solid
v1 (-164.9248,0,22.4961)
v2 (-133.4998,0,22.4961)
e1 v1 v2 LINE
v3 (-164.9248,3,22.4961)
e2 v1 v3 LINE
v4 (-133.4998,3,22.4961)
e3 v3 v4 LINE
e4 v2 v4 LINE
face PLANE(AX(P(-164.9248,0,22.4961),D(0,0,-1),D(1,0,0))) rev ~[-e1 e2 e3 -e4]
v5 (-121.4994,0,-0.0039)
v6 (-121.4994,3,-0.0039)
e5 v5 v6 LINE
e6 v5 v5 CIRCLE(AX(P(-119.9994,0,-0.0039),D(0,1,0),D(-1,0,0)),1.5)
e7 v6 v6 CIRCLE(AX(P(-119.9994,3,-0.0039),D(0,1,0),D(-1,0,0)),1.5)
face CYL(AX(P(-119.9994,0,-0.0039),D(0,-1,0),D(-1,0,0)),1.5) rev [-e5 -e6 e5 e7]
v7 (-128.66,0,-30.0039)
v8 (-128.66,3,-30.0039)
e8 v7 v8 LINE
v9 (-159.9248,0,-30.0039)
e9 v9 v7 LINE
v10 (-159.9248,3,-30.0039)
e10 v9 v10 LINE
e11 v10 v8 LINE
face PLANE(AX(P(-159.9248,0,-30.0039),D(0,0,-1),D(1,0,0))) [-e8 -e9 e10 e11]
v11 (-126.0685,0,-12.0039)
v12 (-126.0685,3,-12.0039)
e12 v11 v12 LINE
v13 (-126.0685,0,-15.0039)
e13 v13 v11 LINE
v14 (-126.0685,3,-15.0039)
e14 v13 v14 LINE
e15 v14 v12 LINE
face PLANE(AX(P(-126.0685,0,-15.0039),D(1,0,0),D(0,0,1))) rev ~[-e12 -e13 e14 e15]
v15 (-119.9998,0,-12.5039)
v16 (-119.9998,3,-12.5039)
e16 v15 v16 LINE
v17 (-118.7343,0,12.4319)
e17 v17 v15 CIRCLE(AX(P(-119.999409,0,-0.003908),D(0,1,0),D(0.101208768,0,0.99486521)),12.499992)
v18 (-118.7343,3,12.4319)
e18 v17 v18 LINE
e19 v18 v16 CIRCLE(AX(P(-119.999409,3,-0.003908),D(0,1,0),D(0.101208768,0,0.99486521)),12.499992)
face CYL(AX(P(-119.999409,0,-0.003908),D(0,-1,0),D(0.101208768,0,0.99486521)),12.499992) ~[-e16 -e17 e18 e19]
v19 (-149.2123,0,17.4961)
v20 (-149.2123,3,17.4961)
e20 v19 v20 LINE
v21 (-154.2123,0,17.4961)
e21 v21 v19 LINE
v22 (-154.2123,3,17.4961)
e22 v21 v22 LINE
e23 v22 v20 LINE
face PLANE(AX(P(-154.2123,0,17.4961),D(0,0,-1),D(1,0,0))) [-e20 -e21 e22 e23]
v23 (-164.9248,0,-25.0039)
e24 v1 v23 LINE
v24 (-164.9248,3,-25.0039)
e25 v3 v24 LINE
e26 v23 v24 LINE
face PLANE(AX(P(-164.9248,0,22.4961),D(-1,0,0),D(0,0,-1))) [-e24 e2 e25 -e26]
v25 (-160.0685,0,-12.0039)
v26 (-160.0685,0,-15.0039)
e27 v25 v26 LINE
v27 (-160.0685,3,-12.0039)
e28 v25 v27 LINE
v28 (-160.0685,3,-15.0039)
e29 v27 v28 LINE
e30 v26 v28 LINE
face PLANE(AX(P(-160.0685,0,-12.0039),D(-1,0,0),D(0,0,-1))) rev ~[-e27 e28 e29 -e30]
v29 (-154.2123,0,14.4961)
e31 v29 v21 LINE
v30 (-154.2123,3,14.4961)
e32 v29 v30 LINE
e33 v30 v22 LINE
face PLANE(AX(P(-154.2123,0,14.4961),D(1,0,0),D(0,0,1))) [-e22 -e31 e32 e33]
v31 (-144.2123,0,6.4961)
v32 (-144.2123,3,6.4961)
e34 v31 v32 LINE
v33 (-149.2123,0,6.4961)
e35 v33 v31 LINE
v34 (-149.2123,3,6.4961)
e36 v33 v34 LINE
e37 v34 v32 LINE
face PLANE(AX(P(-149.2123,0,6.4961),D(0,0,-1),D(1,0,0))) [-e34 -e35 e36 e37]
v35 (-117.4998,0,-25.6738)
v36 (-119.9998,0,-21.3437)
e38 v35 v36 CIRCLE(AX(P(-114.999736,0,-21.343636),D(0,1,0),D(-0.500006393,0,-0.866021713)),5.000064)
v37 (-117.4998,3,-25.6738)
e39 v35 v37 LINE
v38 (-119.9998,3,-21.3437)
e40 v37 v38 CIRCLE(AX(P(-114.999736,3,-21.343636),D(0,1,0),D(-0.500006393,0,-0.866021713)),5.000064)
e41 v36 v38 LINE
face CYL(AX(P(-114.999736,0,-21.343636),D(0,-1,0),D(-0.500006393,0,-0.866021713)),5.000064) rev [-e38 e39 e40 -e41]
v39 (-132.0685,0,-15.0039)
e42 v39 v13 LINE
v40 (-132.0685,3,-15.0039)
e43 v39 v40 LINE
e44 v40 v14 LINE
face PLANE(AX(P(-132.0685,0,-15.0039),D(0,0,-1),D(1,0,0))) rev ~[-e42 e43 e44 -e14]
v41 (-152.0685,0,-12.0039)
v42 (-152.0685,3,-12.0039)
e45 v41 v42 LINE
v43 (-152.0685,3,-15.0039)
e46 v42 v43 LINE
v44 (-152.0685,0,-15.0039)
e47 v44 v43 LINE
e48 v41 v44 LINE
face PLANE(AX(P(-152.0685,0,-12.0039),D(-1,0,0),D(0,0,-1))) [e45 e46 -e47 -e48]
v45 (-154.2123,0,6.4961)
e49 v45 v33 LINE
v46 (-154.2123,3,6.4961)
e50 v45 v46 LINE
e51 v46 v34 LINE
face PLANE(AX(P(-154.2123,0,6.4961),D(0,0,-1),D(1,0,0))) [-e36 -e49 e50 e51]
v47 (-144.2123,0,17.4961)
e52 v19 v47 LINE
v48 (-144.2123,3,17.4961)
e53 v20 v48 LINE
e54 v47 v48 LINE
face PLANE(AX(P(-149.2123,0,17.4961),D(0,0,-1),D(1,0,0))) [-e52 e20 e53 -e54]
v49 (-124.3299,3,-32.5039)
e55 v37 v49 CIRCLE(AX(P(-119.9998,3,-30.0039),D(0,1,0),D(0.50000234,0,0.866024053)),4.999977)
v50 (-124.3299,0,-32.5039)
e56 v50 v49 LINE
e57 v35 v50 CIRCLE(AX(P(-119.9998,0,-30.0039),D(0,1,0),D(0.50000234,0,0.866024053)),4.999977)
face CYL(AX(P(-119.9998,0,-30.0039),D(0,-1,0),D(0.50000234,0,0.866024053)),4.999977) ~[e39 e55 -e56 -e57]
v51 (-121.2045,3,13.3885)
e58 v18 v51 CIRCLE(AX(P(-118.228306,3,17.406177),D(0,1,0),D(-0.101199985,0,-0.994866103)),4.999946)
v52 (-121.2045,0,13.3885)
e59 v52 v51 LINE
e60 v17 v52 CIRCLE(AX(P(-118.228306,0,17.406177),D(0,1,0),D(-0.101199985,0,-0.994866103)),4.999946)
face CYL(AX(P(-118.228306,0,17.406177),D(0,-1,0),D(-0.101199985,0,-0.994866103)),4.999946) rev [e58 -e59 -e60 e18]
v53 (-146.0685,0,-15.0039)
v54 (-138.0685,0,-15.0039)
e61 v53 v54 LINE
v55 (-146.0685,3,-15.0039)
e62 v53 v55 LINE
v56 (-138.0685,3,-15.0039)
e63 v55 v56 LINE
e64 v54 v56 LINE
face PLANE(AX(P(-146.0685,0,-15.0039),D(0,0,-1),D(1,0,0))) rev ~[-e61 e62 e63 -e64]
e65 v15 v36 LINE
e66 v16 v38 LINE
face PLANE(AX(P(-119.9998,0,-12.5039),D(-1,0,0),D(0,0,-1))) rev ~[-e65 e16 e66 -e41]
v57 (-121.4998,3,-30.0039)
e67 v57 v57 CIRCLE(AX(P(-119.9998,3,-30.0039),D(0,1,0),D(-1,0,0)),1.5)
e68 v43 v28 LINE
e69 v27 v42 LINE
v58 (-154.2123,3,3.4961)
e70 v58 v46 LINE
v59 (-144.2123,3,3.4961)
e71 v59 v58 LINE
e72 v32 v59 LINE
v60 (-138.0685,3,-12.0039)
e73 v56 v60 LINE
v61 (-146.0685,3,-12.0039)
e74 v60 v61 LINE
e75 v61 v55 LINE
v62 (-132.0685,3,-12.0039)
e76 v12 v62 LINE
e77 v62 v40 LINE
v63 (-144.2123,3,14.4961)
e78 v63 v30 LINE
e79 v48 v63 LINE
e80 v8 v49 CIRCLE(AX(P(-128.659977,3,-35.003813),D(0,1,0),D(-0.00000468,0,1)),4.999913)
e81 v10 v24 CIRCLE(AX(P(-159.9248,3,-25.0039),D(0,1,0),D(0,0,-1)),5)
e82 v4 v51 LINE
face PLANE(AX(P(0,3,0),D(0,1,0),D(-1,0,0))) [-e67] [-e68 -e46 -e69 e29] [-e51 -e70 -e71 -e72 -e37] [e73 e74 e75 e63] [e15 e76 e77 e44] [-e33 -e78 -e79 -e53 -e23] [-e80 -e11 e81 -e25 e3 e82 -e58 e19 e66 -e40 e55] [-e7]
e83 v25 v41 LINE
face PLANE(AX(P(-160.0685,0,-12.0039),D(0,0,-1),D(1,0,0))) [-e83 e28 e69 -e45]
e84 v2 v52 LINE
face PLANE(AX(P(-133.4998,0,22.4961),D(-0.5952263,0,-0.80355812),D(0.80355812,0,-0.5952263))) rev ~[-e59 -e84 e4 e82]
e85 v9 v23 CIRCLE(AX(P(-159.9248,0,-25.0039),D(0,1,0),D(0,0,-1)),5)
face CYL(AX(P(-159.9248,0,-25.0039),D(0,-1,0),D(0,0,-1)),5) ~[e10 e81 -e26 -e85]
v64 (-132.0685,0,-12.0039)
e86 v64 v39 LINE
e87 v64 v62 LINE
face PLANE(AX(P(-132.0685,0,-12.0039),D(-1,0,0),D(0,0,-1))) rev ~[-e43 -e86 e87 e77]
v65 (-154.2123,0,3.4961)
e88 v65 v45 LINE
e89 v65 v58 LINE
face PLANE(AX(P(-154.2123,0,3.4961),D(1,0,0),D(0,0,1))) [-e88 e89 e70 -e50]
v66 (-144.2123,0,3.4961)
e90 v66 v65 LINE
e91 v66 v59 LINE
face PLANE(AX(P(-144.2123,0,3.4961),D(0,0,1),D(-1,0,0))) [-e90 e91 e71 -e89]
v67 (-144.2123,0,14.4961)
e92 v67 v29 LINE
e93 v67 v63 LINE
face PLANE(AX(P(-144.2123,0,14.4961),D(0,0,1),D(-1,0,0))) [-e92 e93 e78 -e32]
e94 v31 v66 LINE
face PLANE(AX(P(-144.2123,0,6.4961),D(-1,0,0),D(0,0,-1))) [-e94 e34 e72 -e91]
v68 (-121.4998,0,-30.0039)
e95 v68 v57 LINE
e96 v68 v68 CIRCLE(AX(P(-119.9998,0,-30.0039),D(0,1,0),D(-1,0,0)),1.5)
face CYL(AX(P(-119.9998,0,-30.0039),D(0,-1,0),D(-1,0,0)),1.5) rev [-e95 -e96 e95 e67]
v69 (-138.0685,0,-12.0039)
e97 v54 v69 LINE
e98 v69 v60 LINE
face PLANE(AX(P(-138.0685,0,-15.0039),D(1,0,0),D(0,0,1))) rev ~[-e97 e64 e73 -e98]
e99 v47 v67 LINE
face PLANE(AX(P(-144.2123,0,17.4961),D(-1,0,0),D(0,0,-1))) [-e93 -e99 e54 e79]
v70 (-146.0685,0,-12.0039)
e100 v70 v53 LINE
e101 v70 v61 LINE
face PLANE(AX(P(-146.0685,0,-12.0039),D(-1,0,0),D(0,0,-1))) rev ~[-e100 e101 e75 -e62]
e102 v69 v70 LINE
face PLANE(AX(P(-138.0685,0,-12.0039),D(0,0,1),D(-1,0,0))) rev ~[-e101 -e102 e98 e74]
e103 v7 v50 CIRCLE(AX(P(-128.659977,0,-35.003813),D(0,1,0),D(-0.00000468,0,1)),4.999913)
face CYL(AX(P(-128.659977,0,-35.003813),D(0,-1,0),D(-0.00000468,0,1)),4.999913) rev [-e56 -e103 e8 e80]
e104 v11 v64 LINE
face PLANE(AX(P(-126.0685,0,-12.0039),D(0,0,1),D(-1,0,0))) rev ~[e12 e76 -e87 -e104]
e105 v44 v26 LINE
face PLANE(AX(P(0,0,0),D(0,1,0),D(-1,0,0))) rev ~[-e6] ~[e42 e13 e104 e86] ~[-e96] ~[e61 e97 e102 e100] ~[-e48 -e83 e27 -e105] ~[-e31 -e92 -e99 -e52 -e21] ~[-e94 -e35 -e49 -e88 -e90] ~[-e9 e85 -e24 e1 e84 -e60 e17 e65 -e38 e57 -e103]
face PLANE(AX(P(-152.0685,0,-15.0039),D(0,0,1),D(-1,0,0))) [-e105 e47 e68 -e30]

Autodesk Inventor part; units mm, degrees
ref_plane "YZ Plane" through (0, 0, 0) normal (1, 0, 0) x (0, 1, 0)
ref_plane "XZ Plane" through (0, 0, 0) normal (0, 1, 0) x (-1, 0, 0)
ref_plane "XY Plane" through (0, 0, 0) normal (0, 0, 1) x (1, 0, 0)
sketch "Boceto1" plane through (0, 0, 0) normal (0, 1, 0) x (-1, 0, 0)
  arc A0 (117.4998, -25.6738) -> (124.3299, -32.5039) centre (119.9998, -30.0039) ccw
  circle A1 centre (119.9998, -30.0039) radius 1.5
  line L0 (119.9998, -12.5039) -> (119.9998, -21.3437)
  arc A2 (117.4998, -25.6738) -> (119.9998, -21.3437) centre (114.9998, -21.3437) ccw
  arc A3 (128.66, -30.0039) -> (124.3299, -32.5039) centre (128.66, -35.0039) ccw
  arc A4 (118.7343, 12.4319) -> (119.9998, -12.5039) centre (119.9994, -0.0039) ccw
  line L1 (133.4998, 22.4961) -> (121.2045, 13.3885)
  line L2 (164.9248, 22.4961) -> (164.9248, -25.0039)
  line L3 (159.9248, -30.0039) -> (128.66, -30.0039)
  line L4 (164.9248, 22.4961) -> (133.4998, 22.4961)
  line L5 (149.2123, 17.4961) -> (144.2123, 17.4961)
  line L6 (144.2123, 17.4961) -> (144.2123, 14.4961)
  line L7 (144.2123, 14.4961) -> (154.2123, 14.4961)
  line L8 (154.2123, 14.4961) -> (154.2123, 17.4961)
  line L9 (154.2123, 17.4961) -> (149.2123, 17.4961)
  line L10 (149.2123, 6.4961) -> (144.2123, 6.4961)
  line L11 (144.2123, 6.4961) -> (144.2123, 3.4961)
  line L12 (144.2123, 3.4961) -> (154.2123, 3.4961)
  line L13 (154.2123, 3.4961) -> (154.2123, 6.4961)
  line L14 (154.2123, 6.4961) -> (149.2123, 6.4961)
  line L15 (160.0685, -12.0039) -> (160.0685, -15.0039)
  circle A5 centre (119.9994, -0.0039) radius 1.5
  line L16 (160.0685, -12.0039) -> (152.0685, -12.0039)
  line L17 (152.0685, -12.0039) -> (152.0685, -15.0039)
  line L18 (152.0685, -15.0039) -> (160.0685, -15.0039)
  line L19 (146.0685, -12.0039) -> (146.0685, -15.0039)
  line L20 (146.0685, -15.0039) -> (138.0685, -15.0039)
  line L21 (138.0685, -15.0039) -> (138.0685, -12.0039)
  line L22 (132.0685, -12.0039) -> (132.0685, -15.0039)
  line L23 (132.0685, -15.0039) -> (126.0685, -15.0039)
  line L24 (126.0685, -15.0039) -> (126.0685, -12.0039)
  line L25 (126.0685, -12.0039) -> (132.0685, -12.0039)
  line L26 (138.0685, -12.0039) -> (146.0685, -12.0039)
  arc A6 (159.9248, -30.0039) -> (164.9248, -25.0039) centre (159.9248, -25.0039) ccw
  arc A7 (118.7343, 12.4319) -> (121.2045, 13.3885) centre (118.2283, 17.4062) ccw
  point P0 (124.9998, -30.0039)
  point P1 (119.9998, -25.0039)
  point P2 (119.9998, 12.4961)
  dimension "d165" = 8
  dimension "d166" = 6
  dimension "d167" = 8
  dimension "d169" = 6
  dimension "d170" = 5
extrude "Extrusión1" add sketch "Boceto1" along normal blind 3
properties part number "codo"
